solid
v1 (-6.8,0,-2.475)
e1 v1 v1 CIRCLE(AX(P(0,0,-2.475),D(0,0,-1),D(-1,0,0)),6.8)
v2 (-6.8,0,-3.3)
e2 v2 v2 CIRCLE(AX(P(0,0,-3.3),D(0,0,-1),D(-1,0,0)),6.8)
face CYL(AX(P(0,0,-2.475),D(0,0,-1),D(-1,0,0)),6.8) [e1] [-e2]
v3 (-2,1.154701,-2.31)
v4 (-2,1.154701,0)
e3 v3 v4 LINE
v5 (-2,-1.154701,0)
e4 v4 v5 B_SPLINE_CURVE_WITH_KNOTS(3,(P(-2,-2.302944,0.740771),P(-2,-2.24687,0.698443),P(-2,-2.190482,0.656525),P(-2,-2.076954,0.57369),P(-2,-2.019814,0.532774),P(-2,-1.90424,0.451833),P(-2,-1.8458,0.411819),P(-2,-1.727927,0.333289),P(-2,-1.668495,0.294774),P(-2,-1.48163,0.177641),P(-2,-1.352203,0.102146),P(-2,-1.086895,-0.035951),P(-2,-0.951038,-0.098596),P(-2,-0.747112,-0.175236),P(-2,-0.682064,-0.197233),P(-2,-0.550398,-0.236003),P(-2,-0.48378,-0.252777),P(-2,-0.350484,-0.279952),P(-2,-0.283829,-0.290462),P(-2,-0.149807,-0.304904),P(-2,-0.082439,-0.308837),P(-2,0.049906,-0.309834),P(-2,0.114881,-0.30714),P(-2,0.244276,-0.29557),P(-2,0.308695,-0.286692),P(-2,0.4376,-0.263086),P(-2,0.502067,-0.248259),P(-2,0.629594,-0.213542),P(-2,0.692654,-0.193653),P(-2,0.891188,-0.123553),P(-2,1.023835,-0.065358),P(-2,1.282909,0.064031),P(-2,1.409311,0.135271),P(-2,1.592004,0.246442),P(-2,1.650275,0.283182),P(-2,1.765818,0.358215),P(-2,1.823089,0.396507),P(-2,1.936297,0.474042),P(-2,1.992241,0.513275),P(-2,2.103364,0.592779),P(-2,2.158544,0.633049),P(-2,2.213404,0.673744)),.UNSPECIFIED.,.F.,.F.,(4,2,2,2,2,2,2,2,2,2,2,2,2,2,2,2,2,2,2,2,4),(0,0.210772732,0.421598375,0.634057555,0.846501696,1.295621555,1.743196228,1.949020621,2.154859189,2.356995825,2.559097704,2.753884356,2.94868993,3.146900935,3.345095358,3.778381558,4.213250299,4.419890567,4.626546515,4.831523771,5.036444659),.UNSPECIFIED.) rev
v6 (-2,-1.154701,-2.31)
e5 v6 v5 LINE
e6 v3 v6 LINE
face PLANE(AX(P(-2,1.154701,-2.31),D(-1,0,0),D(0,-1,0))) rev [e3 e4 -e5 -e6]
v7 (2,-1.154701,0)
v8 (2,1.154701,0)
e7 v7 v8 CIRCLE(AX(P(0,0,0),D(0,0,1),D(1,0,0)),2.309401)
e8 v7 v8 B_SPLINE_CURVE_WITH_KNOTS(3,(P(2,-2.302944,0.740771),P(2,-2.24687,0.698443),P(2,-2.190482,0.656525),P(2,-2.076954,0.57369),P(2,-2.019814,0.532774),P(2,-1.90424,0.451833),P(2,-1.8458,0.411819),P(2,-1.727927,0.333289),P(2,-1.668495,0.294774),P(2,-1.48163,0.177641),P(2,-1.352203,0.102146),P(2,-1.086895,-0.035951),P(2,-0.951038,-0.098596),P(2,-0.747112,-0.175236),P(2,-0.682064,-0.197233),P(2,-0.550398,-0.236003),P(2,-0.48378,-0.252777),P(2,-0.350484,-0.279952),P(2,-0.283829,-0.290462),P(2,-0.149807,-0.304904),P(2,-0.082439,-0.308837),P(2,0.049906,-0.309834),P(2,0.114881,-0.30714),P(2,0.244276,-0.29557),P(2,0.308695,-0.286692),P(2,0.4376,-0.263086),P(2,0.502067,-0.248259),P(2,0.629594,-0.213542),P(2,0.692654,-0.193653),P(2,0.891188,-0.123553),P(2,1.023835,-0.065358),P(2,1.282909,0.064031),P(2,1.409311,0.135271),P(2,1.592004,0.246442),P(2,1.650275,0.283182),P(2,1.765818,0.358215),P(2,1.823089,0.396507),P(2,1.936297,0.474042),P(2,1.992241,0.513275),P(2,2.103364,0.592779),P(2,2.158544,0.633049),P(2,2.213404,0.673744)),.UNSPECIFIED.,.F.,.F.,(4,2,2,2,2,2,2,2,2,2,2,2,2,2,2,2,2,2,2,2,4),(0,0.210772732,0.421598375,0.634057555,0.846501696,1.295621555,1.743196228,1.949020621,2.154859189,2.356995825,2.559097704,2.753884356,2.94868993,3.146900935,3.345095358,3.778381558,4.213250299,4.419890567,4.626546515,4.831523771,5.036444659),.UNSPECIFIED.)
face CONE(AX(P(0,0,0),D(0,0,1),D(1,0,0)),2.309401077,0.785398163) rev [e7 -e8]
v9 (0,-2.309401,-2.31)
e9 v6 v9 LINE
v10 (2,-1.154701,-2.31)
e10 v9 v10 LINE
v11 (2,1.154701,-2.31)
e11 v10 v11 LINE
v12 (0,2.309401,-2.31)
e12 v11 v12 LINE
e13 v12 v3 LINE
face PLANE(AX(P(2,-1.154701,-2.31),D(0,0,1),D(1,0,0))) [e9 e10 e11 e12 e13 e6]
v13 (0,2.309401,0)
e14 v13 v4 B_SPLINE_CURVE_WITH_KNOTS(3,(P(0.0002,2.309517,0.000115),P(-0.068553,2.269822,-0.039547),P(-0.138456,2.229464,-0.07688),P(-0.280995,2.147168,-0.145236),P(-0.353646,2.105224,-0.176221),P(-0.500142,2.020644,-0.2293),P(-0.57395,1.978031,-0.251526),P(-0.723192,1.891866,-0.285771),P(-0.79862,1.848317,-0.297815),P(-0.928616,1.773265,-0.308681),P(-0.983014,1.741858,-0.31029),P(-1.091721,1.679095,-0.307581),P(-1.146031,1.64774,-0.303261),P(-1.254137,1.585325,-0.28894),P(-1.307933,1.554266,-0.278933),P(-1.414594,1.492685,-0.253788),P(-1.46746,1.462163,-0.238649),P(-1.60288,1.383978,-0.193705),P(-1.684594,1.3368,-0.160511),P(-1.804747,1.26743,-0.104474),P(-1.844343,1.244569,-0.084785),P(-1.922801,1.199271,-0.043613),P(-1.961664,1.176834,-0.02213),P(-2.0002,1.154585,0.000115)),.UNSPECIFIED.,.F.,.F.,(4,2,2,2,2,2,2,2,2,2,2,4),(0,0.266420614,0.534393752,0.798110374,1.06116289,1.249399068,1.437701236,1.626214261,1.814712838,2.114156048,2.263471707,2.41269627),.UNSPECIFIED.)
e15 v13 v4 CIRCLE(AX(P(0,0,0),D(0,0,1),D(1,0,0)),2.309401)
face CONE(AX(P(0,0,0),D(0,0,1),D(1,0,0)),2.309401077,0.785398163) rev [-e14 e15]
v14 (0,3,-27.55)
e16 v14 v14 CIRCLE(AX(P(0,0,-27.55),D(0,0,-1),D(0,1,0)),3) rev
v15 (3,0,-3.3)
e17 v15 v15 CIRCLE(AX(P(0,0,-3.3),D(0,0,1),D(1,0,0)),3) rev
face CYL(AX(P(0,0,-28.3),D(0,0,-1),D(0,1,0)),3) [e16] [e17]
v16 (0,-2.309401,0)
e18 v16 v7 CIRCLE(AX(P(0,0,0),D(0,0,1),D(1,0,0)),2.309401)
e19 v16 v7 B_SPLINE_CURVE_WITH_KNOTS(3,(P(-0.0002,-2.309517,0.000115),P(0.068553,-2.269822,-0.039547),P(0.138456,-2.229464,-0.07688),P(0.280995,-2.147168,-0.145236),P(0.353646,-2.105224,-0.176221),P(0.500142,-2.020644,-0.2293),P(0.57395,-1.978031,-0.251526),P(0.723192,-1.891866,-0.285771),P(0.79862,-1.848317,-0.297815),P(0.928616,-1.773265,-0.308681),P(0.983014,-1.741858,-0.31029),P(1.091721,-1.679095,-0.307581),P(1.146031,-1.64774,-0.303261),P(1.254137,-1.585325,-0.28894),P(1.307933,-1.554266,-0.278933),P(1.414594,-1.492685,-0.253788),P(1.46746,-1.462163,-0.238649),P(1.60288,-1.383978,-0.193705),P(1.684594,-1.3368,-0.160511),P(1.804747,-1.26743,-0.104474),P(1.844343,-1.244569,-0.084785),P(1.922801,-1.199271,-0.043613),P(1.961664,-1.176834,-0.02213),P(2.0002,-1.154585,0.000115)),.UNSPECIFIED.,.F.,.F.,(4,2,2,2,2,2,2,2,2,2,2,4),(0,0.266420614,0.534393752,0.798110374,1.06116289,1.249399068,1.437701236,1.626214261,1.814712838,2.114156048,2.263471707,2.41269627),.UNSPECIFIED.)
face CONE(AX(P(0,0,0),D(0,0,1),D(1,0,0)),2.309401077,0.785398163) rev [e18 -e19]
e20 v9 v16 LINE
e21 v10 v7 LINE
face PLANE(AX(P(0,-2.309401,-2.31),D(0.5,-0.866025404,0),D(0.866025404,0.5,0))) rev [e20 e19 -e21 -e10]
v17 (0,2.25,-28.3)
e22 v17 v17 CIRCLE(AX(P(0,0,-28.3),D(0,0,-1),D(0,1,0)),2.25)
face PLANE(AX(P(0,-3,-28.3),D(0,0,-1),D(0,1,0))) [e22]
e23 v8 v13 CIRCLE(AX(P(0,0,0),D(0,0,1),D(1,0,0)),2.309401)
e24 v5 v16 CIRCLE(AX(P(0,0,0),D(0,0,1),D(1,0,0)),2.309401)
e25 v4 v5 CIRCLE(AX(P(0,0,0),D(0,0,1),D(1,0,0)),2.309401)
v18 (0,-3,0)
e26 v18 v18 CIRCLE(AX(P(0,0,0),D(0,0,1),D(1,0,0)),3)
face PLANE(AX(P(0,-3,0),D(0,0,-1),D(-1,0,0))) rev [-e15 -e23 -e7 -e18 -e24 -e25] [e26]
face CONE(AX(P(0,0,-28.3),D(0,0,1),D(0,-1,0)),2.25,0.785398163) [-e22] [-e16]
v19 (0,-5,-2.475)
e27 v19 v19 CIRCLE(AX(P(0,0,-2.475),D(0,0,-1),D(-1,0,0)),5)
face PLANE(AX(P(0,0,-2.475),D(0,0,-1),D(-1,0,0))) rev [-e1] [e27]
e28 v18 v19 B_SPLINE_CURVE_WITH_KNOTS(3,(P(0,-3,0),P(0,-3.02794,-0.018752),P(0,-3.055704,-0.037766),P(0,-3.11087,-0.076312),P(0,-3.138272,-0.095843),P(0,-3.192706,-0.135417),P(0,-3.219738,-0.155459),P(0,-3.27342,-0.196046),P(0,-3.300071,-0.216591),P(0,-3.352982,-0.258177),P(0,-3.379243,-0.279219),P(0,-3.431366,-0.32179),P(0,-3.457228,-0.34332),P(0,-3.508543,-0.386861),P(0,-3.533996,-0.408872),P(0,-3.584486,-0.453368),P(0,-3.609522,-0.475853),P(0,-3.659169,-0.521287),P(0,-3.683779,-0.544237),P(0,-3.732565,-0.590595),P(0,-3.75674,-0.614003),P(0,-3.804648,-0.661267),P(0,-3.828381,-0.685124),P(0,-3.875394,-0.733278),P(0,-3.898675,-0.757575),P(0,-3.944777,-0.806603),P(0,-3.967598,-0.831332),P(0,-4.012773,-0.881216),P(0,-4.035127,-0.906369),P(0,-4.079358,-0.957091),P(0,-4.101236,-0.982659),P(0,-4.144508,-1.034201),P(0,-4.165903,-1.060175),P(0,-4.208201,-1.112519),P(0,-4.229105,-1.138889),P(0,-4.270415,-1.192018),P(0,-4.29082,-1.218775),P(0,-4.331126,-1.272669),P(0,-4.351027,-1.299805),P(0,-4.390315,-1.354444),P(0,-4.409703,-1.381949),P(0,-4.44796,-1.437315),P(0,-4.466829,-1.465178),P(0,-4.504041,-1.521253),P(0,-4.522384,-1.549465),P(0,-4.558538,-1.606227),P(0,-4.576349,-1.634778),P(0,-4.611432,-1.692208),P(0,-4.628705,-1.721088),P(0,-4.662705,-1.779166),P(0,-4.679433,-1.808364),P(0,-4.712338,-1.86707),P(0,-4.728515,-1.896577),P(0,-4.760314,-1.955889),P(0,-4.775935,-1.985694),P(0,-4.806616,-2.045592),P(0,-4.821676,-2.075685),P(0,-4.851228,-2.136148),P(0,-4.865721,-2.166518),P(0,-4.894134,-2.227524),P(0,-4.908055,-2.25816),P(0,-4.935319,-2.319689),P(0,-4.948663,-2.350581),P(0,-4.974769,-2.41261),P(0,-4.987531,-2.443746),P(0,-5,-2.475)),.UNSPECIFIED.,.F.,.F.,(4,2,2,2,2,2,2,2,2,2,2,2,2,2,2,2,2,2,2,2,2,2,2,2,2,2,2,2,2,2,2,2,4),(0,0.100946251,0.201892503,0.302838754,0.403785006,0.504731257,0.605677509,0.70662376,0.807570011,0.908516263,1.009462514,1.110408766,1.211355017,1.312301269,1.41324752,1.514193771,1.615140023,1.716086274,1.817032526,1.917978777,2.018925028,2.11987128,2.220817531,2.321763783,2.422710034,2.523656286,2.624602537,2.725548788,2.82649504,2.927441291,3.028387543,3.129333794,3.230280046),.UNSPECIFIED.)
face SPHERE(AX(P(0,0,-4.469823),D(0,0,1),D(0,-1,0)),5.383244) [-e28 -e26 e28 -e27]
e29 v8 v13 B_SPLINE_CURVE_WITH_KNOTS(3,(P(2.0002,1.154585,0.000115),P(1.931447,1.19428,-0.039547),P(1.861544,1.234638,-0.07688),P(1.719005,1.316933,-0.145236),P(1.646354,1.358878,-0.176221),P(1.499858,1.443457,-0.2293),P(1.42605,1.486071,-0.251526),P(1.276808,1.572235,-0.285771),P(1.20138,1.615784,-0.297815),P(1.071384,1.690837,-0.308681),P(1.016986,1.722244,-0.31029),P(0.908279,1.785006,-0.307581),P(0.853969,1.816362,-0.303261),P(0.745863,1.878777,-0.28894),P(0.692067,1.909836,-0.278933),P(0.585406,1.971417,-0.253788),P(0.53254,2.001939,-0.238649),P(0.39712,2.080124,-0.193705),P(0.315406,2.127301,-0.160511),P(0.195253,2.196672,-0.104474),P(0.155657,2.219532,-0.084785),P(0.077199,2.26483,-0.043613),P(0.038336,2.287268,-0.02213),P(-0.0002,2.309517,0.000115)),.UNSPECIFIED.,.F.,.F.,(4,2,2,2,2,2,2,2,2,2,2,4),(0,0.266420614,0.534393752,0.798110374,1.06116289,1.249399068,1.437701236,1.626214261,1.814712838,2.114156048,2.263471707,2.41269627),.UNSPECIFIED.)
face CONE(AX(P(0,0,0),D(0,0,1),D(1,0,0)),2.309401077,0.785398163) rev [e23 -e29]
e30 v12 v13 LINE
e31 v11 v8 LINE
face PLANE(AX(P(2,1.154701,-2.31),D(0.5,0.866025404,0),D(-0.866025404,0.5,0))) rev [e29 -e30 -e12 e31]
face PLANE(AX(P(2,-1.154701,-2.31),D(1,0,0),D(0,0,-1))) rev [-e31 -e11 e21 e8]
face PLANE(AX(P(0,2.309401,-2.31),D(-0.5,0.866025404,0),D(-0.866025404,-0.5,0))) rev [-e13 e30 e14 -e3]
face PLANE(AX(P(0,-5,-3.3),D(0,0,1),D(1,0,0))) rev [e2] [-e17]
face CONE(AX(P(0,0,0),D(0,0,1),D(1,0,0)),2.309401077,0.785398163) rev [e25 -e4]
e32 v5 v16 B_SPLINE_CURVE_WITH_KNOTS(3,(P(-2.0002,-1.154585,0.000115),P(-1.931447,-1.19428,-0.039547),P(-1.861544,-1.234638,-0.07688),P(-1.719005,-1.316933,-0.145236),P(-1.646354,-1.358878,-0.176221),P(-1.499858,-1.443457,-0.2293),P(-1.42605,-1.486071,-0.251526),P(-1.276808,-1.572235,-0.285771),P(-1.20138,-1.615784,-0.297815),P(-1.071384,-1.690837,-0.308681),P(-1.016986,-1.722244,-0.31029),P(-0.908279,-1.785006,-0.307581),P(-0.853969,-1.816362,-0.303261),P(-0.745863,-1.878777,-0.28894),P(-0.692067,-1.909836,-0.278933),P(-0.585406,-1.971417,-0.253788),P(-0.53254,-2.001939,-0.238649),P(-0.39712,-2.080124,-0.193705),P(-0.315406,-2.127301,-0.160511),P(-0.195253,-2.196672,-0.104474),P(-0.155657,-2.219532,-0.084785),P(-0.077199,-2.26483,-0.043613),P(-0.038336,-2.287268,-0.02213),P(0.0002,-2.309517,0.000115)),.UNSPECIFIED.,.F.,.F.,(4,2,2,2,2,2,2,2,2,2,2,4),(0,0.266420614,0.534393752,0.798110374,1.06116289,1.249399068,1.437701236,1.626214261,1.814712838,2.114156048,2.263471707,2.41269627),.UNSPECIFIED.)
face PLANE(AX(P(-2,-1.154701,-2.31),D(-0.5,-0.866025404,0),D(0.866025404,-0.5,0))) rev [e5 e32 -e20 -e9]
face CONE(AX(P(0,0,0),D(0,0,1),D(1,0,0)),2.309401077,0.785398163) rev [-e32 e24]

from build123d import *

# Parameters (mm, degrees)
SKETCH1_W           = 25
SKETCH1_H           = 3
CHAMFER1_SIZE       = 0.75
SKETCH11_R          = 6.8
BOSS_EXTRUDE3_DEPTH = 0.825
CUT_EXTRUDE2_DEPTH  = 2.31


with BuildPart() as part:
    # Sketch1 → Revolve1 (revolve)
    with BuildSketch(Plane(origin=(0, 0, 0), x_dir=(0, 0, -1), z_dir=(1, 0, 0))):
        with Locations((15.8, 1.5)):
            Rectangle(SKETCH1_W, SKETCH1_H)
    revolve(axis=Axis((0, 0, -28.3), (0, 0, 1)))

    # Chamfer1
    chamfer1_edges = [part.edges().sort_by_distance(p)[0] for p in [
        (0, -3, -28.3),
    ]]
    chamfer(chamfer1_edges, length=CHAMFER1_SIZE)

    # Sketch7 → Revolve2 (revolve)
    with BuildSketch(Plane(origin=(0, 0, 0), x_dir=(0, 0, -1), z_dir=(1, 0, 0)), mode=Mode.PRIVATE) as revolve2_sk:
        with BuildLine():
            Line((2.475, 5), (3.3, 5))
            Line((3.3, 5), (3.3, 0))
            Line((3.3, 0), (0, 0))
            Line((0, 0), (0, 3))
            ThreePointArc((0, 3), (1.086346695, 4.187052215), (2.475, 5))
        make_face()
    revolve(revolve2_sk.sketch.rotate(Axis((0, 0, 0), (0, 0, -1)), 180), axis=Axis((0, 0, 0), (0, 0, -1)))

    # Sketch11 → Boss-Extrude3 (add)
    with BuildSketch(Plane(origin=(0, 0, -3.3), x_dir=(-1, 0, 0), z_dir=(0, 0, -1))):
        Circle(SKETCH11_R)
    extrude(amount=-BOSS_EXTRUDE3_DEPTH)

    # Sketch5 → Cut-Extrude2 (cut)
    with BuildSketch(Plane.XY):
        Polygon((2, -1.154700538), (2, 1.154700538), (0, 2.309401077), (-2, 1.154700538), (-2, -1.154700538), (0, -2.309401077), align=None)
    extrude(amount=-CUT_EXTRUDE2_DEPTH, mode=Mode.SUBTRACT)

    # Cut-Extrude3 cone 1 section (through the dimple's axis) → Cut-Extrude3 (revolve, cut)
    with BuildSketch(Plane(origin=(0, 0, 0), x_dir=(0, -1, 0), z_dir=(1, 0, 0))):
        Polygon((0, 0), (2.309401077, 0), (0, 2.309401077), align=None)
    revolve(axis=Axis((0, 0, 0), (0, 0, -1)), mode=Mode.SUBTRACT)


solid = part.part
